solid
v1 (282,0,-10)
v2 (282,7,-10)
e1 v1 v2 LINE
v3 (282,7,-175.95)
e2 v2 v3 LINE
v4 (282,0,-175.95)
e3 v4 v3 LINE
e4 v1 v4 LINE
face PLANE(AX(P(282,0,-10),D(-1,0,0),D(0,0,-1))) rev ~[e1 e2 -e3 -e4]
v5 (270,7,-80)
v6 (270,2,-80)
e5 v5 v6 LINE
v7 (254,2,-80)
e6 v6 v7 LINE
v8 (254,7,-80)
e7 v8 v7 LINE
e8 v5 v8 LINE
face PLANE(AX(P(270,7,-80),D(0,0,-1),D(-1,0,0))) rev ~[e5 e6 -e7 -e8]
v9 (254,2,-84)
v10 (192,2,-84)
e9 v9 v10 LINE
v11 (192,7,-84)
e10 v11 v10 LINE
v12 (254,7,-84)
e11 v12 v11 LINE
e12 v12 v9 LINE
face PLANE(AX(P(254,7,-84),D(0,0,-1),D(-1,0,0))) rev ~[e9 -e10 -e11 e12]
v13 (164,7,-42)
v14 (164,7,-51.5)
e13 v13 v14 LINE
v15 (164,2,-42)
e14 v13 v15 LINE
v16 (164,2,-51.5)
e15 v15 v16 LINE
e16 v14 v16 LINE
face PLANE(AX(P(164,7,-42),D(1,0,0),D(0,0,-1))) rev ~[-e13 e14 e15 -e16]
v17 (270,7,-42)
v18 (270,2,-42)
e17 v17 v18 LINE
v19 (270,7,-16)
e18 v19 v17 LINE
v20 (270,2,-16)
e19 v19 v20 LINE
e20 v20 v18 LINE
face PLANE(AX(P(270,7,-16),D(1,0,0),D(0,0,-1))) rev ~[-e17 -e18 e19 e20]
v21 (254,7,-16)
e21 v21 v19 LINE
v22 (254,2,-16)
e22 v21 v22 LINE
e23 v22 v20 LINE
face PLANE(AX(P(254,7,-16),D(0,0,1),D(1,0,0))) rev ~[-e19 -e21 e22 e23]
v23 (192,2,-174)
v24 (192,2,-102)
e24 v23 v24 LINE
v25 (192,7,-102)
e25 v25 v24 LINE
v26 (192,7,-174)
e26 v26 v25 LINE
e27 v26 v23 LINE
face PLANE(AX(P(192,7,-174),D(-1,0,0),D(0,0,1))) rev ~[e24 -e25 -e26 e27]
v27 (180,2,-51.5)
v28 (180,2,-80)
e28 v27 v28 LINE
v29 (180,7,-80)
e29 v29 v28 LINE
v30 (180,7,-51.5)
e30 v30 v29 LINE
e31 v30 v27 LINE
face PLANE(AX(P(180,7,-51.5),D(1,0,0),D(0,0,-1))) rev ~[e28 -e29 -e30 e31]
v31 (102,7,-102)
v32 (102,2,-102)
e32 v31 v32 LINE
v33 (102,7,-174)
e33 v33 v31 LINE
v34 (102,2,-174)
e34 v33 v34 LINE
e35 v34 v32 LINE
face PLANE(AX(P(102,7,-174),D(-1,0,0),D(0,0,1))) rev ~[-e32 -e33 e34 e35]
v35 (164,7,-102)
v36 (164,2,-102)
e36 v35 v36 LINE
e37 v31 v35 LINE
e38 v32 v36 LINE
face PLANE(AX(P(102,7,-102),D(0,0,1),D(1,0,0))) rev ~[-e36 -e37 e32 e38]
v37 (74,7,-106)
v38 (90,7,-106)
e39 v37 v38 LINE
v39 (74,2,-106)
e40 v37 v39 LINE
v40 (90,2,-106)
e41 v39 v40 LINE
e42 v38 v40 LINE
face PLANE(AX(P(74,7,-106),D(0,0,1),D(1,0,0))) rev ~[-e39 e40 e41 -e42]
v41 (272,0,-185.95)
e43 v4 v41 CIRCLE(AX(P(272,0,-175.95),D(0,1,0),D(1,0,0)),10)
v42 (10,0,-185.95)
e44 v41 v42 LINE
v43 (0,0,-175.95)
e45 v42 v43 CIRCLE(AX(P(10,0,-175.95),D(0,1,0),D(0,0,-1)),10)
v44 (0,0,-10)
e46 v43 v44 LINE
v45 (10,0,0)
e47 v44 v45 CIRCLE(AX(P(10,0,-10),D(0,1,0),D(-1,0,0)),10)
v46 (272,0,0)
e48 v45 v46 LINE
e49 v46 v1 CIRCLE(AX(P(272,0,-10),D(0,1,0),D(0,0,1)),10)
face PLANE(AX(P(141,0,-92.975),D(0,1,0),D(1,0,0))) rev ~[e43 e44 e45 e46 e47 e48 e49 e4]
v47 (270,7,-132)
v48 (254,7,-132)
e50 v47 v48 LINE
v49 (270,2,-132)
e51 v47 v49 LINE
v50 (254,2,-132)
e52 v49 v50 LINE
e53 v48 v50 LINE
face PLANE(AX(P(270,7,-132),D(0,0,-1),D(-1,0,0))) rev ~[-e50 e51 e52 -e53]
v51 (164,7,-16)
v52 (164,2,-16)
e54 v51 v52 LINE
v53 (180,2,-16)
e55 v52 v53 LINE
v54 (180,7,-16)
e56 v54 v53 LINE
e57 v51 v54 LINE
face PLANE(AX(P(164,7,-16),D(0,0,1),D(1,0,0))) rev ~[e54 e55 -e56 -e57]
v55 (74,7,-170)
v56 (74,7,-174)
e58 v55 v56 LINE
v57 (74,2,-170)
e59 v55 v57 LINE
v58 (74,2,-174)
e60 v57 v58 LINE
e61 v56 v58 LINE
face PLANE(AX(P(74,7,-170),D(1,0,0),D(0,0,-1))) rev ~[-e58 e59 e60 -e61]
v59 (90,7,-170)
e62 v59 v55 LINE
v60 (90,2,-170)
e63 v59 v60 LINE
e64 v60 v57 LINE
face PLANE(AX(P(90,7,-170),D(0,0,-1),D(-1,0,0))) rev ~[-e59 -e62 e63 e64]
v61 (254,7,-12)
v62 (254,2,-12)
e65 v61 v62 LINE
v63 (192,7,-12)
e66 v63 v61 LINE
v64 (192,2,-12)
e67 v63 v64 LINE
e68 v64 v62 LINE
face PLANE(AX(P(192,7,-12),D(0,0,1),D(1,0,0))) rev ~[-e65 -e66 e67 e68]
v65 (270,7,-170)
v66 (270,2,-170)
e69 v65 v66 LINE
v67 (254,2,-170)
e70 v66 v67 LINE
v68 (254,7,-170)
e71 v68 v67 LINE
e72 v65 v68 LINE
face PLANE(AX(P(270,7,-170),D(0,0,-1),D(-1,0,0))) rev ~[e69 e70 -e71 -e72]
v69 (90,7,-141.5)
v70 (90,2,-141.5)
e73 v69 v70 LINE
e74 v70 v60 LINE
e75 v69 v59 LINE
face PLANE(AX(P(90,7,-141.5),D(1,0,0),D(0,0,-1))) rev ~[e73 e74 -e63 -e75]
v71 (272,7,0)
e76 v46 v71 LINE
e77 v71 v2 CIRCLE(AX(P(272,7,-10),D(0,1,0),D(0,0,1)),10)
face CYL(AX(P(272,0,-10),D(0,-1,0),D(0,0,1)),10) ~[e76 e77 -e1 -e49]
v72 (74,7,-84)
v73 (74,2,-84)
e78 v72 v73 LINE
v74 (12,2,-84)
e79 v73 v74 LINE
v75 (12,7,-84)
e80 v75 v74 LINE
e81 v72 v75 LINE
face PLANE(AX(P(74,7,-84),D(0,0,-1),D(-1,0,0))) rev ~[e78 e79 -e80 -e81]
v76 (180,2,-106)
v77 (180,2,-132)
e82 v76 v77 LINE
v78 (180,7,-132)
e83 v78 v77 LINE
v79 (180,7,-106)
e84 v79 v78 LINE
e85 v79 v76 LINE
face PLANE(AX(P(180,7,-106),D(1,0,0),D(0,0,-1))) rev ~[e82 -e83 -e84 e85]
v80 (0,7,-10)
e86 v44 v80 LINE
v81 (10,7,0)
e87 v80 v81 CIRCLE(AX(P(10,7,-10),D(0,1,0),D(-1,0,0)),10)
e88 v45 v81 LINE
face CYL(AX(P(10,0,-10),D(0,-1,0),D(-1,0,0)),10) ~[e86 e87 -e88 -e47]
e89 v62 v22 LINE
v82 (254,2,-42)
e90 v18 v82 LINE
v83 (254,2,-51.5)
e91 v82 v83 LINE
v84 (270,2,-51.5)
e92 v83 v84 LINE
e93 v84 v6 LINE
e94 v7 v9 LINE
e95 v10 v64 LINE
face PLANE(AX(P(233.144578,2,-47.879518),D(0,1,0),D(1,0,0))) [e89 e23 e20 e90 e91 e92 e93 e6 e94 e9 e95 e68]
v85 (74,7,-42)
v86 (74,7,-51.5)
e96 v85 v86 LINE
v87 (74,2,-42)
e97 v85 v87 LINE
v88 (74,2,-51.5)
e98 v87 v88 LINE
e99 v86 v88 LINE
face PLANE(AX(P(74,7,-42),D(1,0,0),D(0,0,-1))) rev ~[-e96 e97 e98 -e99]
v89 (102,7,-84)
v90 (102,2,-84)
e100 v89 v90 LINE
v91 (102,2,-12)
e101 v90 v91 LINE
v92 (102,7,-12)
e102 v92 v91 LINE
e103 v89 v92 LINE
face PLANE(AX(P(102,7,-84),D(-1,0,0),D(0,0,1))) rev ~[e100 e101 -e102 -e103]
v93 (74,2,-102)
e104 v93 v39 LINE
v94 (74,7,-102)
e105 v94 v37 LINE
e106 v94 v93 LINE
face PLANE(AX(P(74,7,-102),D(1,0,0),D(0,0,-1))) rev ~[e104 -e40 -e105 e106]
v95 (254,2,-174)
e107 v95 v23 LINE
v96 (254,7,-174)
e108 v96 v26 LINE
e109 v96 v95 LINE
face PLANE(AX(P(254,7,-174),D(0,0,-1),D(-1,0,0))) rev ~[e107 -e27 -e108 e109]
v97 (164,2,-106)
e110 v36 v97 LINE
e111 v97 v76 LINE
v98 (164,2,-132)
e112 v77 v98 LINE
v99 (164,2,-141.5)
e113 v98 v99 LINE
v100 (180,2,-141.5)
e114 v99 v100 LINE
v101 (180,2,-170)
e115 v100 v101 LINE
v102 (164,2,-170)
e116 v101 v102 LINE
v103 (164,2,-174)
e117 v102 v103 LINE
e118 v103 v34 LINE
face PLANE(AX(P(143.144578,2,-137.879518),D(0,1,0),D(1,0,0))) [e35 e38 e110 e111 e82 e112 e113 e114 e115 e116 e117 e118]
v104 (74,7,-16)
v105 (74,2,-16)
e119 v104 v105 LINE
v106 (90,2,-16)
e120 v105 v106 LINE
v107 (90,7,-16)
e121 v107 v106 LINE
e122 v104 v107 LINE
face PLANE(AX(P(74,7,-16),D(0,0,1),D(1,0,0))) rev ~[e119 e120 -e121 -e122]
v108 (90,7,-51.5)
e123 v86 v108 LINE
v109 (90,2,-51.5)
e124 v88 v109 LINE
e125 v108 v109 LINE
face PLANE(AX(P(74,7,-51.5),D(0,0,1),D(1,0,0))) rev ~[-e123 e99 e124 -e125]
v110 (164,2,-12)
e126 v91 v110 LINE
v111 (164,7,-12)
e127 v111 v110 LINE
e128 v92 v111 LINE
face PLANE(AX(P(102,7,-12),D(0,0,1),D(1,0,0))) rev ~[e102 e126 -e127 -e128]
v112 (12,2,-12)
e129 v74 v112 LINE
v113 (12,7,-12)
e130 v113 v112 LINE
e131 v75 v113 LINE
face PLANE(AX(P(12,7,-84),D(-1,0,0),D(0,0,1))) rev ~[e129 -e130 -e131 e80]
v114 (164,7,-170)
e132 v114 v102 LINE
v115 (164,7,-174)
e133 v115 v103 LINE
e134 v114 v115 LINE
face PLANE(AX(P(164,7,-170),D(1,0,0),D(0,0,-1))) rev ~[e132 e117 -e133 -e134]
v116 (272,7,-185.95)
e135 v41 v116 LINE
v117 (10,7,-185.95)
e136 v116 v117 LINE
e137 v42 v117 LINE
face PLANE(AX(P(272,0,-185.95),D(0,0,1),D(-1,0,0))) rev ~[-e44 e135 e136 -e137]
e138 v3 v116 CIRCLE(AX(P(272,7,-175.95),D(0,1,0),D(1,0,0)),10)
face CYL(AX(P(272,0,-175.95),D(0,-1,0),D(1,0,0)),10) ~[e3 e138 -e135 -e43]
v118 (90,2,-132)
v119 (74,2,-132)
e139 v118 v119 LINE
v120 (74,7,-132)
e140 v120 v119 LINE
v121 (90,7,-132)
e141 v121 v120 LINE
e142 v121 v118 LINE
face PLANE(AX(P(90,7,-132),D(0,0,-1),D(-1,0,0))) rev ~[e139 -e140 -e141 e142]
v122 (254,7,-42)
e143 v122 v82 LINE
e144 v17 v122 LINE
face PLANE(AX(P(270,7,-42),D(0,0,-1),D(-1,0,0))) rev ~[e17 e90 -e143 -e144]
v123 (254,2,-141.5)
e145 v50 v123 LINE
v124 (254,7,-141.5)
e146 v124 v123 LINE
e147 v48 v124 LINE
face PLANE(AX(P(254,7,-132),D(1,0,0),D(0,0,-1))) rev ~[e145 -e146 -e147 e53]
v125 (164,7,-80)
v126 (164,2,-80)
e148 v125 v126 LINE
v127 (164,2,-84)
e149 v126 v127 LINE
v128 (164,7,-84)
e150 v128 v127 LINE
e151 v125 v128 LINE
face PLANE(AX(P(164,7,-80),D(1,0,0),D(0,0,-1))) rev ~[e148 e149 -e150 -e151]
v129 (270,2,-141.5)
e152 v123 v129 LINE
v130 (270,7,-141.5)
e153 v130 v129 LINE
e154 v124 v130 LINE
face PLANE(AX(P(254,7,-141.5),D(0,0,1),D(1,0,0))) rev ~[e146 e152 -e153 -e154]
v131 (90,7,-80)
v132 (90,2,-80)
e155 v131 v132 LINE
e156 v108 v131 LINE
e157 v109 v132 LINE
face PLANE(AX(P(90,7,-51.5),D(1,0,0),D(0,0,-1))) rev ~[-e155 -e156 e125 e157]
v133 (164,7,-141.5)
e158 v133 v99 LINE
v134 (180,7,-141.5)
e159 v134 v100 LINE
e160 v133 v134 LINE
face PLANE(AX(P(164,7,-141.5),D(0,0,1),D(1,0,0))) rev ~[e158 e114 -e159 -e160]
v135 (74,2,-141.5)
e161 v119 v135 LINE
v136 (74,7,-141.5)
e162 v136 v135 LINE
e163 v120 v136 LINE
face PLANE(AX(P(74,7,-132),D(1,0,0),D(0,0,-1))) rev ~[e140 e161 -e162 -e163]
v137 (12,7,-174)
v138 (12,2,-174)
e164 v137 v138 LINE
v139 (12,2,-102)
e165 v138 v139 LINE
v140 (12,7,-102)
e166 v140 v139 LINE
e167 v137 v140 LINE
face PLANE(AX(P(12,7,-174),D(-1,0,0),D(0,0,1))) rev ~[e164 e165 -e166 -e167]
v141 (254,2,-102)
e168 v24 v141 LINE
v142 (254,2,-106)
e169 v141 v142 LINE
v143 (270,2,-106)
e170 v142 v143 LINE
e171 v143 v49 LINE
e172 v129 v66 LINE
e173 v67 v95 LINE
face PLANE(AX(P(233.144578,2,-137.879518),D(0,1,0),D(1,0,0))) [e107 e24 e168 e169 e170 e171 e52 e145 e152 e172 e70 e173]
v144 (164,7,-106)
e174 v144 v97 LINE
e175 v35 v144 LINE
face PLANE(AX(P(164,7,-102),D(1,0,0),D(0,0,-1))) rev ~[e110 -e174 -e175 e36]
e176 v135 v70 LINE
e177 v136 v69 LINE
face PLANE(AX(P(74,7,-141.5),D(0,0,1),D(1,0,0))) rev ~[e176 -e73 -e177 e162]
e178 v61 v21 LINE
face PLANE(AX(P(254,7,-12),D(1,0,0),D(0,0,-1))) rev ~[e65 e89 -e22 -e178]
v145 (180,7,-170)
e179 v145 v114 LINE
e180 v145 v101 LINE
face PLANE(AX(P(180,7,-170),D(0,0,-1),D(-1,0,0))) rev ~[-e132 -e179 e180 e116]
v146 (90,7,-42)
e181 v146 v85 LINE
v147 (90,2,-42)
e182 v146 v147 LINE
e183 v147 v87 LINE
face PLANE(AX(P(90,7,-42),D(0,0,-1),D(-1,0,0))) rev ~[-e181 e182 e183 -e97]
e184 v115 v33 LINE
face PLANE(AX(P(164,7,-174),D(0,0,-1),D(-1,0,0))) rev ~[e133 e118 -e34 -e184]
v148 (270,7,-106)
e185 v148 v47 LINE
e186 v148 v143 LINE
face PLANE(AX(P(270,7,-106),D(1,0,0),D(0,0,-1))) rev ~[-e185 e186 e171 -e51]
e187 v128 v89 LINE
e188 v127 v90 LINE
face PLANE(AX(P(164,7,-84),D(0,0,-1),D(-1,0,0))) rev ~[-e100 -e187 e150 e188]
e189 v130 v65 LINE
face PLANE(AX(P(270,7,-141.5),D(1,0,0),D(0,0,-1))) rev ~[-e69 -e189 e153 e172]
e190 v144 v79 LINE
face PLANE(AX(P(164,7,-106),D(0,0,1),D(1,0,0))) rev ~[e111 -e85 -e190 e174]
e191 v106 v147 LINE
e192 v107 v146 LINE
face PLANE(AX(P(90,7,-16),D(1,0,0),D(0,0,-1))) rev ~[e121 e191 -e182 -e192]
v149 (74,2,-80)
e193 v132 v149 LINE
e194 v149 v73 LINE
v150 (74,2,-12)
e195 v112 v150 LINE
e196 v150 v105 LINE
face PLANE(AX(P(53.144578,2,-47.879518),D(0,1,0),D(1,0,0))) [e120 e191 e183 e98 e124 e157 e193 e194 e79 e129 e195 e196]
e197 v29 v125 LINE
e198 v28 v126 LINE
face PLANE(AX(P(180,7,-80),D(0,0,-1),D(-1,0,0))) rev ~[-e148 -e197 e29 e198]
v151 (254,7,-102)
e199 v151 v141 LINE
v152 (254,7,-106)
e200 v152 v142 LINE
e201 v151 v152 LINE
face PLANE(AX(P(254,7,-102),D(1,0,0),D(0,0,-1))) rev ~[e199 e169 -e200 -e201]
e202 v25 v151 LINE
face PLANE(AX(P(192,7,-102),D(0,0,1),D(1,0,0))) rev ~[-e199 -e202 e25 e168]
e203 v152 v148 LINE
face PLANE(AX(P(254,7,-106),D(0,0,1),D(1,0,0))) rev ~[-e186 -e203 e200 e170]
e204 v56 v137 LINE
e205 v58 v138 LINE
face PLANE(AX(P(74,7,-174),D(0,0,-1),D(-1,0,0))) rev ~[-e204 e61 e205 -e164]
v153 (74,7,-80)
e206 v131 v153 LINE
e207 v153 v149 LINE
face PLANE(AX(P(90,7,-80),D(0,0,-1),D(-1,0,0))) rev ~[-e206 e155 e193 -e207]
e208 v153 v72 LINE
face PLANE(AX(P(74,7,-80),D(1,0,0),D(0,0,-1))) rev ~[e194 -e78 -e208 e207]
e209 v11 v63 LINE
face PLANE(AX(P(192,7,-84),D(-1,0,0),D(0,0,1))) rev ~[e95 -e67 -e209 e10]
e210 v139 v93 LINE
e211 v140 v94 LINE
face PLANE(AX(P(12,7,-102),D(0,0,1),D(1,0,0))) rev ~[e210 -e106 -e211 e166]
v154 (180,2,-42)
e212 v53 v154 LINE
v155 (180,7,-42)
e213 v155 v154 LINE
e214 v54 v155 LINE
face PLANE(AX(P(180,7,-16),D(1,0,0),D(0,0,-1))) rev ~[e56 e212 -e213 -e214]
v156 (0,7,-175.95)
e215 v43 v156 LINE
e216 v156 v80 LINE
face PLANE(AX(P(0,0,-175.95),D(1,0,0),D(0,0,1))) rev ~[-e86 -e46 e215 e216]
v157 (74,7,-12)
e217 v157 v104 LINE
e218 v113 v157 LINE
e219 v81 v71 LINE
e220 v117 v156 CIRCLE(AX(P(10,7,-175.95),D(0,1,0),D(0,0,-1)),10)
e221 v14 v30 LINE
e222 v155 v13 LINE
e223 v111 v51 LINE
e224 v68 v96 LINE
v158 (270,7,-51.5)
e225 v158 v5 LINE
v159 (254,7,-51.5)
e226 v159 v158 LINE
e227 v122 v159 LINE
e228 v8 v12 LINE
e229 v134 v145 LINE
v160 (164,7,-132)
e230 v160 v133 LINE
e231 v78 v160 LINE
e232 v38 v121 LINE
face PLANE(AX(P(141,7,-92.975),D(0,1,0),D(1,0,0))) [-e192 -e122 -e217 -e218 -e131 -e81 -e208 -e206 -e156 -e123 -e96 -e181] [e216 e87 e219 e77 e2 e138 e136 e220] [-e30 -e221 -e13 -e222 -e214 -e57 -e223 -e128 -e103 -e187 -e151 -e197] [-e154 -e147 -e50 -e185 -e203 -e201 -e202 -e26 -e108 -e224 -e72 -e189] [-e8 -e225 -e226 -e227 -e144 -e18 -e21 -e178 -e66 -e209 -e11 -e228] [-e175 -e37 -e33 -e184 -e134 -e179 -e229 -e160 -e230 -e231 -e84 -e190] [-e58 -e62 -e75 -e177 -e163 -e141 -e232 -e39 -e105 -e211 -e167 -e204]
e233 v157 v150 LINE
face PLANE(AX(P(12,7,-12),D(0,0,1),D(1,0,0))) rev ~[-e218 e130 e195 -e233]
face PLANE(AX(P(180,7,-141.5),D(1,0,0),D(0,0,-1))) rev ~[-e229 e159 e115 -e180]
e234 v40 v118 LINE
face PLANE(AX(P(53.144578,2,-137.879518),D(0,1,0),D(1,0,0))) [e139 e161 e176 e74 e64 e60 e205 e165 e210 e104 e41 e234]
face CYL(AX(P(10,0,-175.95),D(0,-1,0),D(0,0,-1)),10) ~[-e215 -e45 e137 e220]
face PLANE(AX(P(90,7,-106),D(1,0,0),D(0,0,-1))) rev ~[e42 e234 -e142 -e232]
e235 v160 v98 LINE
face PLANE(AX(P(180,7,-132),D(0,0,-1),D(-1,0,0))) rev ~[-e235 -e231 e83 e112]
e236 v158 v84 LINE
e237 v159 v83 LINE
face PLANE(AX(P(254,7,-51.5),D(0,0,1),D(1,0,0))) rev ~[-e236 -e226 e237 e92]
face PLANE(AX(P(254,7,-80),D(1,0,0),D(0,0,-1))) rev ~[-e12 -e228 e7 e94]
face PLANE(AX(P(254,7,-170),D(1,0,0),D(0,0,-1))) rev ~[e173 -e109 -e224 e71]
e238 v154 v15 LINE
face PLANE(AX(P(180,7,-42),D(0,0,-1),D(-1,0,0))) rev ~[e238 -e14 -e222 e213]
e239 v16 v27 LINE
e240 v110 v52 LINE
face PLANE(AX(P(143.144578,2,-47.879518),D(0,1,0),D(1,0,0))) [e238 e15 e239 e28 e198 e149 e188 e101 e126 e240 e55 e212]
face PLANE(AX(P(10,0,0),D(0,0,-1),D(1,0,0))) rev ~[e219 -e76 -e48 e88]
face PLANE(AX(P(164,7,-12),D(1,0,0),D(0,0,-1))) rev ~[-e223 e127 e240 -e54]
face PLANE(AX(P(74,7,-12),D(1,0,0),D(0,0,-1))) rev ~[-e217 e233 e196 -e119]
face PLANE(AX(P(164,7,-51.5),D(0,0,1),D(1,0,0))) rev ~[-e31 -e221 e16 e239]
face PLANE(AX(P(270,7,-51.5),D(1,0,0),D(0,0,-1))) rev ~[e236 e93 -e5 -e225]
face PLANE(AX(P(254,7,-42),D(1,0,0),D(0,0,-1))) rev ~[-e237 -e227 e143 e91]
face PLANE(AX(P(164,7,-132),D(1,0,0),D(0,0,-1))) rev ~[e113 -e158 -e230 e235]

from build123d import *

# Parameters (mm, degrees)
BOSS_EXTRUDE1_DEPTH = 7
CUT_EXTRUDE1_DEPTH  = 5


with BuildPart() as part:
    # Sketch2 → Boss-Extrude1 (new body)
    with BuildSketch(Plane(origin=(0, 0, 0), x_dir=(1, 0, 0), z_dir=(0, 1, 0))):
        with BuildLine():
            Line((10, 0), (272, 0))
            ThreePointArc((272, 0), (279.071067812, 2.928932188), (282, 10))
            Line((282, 10), (282, 175.95))
            ThreePointArc((282, 175.95), (279.071067812, 183.021067812), (272, 185.95))
            Line((272, 185.95), (10, 185.95))
            ThreePointArc((10, 185.95), (2.928932188, 183.021067812), (0, 175.95))
            Line((0, 175.95), (0, 10))
            ThreePointArc((0, 10), (2.928932188, 2.928932188), (10, 0))
        make_face()
    extrude(amount=BOSS_EXTRUDE1_DEPTH)

    # Sketch3 → Cut-Extrude1 (cut)
    with BuildSketch(Plane(origin=(0, 7, 0), x_dir=(1, 0, 0), z_dir=(0, 1, 0))):
        Polygon((74, 16), (90, 16), (90, 42), (74, 42), (74, 51.5), (90, 51.5), (90, 80), (74, 80), (74, 84), (12, 84), (12, 12), (74, 12), align=None)
        Polygon((180, 42), (164, 42), (164, 51.5), (180, 51.5), (180, 80), (164, 80), (164, 84), (102, 84), (102, 12), (164, 12), (164, 16), (180, 16), align=None)
        Polygon((270, 42), (254, 42), (254, 51.5), (270, 51.5), (270, 80), (254, 80), (254, 84), (192, 84), (192, 12), (254, 12), (254, 16), (270, 16), align=None)
        Polygon((180, 132), (164, 132), (164, 141.5), (180, 141.5), (180, 170), (164, 170), (164, 174), (102, 174), (102, 102), (164, 102), (164, 106), (180, 106), align=None)
        Polygon((270, 132), (254, 132), (254, 141.5), (270, 141.5), (270, 170), (254, 170), (254, 174), (192, 174), (192, 102), (254, 102), (254, 106), (270, 106), align=None)
        Polygon((90, 132), (74, 132), (74, 141.5), (90, 141.5), (90, 170), (74, 170), (74, 174), (12, 174), (12, 102), (74, 102), (74, 106), (90, 106), align=None)
    extrude(amount=-CUT_EXTRUDE1_DEPTH, mode=Mode.SUBTRACT)


solid = part.part
